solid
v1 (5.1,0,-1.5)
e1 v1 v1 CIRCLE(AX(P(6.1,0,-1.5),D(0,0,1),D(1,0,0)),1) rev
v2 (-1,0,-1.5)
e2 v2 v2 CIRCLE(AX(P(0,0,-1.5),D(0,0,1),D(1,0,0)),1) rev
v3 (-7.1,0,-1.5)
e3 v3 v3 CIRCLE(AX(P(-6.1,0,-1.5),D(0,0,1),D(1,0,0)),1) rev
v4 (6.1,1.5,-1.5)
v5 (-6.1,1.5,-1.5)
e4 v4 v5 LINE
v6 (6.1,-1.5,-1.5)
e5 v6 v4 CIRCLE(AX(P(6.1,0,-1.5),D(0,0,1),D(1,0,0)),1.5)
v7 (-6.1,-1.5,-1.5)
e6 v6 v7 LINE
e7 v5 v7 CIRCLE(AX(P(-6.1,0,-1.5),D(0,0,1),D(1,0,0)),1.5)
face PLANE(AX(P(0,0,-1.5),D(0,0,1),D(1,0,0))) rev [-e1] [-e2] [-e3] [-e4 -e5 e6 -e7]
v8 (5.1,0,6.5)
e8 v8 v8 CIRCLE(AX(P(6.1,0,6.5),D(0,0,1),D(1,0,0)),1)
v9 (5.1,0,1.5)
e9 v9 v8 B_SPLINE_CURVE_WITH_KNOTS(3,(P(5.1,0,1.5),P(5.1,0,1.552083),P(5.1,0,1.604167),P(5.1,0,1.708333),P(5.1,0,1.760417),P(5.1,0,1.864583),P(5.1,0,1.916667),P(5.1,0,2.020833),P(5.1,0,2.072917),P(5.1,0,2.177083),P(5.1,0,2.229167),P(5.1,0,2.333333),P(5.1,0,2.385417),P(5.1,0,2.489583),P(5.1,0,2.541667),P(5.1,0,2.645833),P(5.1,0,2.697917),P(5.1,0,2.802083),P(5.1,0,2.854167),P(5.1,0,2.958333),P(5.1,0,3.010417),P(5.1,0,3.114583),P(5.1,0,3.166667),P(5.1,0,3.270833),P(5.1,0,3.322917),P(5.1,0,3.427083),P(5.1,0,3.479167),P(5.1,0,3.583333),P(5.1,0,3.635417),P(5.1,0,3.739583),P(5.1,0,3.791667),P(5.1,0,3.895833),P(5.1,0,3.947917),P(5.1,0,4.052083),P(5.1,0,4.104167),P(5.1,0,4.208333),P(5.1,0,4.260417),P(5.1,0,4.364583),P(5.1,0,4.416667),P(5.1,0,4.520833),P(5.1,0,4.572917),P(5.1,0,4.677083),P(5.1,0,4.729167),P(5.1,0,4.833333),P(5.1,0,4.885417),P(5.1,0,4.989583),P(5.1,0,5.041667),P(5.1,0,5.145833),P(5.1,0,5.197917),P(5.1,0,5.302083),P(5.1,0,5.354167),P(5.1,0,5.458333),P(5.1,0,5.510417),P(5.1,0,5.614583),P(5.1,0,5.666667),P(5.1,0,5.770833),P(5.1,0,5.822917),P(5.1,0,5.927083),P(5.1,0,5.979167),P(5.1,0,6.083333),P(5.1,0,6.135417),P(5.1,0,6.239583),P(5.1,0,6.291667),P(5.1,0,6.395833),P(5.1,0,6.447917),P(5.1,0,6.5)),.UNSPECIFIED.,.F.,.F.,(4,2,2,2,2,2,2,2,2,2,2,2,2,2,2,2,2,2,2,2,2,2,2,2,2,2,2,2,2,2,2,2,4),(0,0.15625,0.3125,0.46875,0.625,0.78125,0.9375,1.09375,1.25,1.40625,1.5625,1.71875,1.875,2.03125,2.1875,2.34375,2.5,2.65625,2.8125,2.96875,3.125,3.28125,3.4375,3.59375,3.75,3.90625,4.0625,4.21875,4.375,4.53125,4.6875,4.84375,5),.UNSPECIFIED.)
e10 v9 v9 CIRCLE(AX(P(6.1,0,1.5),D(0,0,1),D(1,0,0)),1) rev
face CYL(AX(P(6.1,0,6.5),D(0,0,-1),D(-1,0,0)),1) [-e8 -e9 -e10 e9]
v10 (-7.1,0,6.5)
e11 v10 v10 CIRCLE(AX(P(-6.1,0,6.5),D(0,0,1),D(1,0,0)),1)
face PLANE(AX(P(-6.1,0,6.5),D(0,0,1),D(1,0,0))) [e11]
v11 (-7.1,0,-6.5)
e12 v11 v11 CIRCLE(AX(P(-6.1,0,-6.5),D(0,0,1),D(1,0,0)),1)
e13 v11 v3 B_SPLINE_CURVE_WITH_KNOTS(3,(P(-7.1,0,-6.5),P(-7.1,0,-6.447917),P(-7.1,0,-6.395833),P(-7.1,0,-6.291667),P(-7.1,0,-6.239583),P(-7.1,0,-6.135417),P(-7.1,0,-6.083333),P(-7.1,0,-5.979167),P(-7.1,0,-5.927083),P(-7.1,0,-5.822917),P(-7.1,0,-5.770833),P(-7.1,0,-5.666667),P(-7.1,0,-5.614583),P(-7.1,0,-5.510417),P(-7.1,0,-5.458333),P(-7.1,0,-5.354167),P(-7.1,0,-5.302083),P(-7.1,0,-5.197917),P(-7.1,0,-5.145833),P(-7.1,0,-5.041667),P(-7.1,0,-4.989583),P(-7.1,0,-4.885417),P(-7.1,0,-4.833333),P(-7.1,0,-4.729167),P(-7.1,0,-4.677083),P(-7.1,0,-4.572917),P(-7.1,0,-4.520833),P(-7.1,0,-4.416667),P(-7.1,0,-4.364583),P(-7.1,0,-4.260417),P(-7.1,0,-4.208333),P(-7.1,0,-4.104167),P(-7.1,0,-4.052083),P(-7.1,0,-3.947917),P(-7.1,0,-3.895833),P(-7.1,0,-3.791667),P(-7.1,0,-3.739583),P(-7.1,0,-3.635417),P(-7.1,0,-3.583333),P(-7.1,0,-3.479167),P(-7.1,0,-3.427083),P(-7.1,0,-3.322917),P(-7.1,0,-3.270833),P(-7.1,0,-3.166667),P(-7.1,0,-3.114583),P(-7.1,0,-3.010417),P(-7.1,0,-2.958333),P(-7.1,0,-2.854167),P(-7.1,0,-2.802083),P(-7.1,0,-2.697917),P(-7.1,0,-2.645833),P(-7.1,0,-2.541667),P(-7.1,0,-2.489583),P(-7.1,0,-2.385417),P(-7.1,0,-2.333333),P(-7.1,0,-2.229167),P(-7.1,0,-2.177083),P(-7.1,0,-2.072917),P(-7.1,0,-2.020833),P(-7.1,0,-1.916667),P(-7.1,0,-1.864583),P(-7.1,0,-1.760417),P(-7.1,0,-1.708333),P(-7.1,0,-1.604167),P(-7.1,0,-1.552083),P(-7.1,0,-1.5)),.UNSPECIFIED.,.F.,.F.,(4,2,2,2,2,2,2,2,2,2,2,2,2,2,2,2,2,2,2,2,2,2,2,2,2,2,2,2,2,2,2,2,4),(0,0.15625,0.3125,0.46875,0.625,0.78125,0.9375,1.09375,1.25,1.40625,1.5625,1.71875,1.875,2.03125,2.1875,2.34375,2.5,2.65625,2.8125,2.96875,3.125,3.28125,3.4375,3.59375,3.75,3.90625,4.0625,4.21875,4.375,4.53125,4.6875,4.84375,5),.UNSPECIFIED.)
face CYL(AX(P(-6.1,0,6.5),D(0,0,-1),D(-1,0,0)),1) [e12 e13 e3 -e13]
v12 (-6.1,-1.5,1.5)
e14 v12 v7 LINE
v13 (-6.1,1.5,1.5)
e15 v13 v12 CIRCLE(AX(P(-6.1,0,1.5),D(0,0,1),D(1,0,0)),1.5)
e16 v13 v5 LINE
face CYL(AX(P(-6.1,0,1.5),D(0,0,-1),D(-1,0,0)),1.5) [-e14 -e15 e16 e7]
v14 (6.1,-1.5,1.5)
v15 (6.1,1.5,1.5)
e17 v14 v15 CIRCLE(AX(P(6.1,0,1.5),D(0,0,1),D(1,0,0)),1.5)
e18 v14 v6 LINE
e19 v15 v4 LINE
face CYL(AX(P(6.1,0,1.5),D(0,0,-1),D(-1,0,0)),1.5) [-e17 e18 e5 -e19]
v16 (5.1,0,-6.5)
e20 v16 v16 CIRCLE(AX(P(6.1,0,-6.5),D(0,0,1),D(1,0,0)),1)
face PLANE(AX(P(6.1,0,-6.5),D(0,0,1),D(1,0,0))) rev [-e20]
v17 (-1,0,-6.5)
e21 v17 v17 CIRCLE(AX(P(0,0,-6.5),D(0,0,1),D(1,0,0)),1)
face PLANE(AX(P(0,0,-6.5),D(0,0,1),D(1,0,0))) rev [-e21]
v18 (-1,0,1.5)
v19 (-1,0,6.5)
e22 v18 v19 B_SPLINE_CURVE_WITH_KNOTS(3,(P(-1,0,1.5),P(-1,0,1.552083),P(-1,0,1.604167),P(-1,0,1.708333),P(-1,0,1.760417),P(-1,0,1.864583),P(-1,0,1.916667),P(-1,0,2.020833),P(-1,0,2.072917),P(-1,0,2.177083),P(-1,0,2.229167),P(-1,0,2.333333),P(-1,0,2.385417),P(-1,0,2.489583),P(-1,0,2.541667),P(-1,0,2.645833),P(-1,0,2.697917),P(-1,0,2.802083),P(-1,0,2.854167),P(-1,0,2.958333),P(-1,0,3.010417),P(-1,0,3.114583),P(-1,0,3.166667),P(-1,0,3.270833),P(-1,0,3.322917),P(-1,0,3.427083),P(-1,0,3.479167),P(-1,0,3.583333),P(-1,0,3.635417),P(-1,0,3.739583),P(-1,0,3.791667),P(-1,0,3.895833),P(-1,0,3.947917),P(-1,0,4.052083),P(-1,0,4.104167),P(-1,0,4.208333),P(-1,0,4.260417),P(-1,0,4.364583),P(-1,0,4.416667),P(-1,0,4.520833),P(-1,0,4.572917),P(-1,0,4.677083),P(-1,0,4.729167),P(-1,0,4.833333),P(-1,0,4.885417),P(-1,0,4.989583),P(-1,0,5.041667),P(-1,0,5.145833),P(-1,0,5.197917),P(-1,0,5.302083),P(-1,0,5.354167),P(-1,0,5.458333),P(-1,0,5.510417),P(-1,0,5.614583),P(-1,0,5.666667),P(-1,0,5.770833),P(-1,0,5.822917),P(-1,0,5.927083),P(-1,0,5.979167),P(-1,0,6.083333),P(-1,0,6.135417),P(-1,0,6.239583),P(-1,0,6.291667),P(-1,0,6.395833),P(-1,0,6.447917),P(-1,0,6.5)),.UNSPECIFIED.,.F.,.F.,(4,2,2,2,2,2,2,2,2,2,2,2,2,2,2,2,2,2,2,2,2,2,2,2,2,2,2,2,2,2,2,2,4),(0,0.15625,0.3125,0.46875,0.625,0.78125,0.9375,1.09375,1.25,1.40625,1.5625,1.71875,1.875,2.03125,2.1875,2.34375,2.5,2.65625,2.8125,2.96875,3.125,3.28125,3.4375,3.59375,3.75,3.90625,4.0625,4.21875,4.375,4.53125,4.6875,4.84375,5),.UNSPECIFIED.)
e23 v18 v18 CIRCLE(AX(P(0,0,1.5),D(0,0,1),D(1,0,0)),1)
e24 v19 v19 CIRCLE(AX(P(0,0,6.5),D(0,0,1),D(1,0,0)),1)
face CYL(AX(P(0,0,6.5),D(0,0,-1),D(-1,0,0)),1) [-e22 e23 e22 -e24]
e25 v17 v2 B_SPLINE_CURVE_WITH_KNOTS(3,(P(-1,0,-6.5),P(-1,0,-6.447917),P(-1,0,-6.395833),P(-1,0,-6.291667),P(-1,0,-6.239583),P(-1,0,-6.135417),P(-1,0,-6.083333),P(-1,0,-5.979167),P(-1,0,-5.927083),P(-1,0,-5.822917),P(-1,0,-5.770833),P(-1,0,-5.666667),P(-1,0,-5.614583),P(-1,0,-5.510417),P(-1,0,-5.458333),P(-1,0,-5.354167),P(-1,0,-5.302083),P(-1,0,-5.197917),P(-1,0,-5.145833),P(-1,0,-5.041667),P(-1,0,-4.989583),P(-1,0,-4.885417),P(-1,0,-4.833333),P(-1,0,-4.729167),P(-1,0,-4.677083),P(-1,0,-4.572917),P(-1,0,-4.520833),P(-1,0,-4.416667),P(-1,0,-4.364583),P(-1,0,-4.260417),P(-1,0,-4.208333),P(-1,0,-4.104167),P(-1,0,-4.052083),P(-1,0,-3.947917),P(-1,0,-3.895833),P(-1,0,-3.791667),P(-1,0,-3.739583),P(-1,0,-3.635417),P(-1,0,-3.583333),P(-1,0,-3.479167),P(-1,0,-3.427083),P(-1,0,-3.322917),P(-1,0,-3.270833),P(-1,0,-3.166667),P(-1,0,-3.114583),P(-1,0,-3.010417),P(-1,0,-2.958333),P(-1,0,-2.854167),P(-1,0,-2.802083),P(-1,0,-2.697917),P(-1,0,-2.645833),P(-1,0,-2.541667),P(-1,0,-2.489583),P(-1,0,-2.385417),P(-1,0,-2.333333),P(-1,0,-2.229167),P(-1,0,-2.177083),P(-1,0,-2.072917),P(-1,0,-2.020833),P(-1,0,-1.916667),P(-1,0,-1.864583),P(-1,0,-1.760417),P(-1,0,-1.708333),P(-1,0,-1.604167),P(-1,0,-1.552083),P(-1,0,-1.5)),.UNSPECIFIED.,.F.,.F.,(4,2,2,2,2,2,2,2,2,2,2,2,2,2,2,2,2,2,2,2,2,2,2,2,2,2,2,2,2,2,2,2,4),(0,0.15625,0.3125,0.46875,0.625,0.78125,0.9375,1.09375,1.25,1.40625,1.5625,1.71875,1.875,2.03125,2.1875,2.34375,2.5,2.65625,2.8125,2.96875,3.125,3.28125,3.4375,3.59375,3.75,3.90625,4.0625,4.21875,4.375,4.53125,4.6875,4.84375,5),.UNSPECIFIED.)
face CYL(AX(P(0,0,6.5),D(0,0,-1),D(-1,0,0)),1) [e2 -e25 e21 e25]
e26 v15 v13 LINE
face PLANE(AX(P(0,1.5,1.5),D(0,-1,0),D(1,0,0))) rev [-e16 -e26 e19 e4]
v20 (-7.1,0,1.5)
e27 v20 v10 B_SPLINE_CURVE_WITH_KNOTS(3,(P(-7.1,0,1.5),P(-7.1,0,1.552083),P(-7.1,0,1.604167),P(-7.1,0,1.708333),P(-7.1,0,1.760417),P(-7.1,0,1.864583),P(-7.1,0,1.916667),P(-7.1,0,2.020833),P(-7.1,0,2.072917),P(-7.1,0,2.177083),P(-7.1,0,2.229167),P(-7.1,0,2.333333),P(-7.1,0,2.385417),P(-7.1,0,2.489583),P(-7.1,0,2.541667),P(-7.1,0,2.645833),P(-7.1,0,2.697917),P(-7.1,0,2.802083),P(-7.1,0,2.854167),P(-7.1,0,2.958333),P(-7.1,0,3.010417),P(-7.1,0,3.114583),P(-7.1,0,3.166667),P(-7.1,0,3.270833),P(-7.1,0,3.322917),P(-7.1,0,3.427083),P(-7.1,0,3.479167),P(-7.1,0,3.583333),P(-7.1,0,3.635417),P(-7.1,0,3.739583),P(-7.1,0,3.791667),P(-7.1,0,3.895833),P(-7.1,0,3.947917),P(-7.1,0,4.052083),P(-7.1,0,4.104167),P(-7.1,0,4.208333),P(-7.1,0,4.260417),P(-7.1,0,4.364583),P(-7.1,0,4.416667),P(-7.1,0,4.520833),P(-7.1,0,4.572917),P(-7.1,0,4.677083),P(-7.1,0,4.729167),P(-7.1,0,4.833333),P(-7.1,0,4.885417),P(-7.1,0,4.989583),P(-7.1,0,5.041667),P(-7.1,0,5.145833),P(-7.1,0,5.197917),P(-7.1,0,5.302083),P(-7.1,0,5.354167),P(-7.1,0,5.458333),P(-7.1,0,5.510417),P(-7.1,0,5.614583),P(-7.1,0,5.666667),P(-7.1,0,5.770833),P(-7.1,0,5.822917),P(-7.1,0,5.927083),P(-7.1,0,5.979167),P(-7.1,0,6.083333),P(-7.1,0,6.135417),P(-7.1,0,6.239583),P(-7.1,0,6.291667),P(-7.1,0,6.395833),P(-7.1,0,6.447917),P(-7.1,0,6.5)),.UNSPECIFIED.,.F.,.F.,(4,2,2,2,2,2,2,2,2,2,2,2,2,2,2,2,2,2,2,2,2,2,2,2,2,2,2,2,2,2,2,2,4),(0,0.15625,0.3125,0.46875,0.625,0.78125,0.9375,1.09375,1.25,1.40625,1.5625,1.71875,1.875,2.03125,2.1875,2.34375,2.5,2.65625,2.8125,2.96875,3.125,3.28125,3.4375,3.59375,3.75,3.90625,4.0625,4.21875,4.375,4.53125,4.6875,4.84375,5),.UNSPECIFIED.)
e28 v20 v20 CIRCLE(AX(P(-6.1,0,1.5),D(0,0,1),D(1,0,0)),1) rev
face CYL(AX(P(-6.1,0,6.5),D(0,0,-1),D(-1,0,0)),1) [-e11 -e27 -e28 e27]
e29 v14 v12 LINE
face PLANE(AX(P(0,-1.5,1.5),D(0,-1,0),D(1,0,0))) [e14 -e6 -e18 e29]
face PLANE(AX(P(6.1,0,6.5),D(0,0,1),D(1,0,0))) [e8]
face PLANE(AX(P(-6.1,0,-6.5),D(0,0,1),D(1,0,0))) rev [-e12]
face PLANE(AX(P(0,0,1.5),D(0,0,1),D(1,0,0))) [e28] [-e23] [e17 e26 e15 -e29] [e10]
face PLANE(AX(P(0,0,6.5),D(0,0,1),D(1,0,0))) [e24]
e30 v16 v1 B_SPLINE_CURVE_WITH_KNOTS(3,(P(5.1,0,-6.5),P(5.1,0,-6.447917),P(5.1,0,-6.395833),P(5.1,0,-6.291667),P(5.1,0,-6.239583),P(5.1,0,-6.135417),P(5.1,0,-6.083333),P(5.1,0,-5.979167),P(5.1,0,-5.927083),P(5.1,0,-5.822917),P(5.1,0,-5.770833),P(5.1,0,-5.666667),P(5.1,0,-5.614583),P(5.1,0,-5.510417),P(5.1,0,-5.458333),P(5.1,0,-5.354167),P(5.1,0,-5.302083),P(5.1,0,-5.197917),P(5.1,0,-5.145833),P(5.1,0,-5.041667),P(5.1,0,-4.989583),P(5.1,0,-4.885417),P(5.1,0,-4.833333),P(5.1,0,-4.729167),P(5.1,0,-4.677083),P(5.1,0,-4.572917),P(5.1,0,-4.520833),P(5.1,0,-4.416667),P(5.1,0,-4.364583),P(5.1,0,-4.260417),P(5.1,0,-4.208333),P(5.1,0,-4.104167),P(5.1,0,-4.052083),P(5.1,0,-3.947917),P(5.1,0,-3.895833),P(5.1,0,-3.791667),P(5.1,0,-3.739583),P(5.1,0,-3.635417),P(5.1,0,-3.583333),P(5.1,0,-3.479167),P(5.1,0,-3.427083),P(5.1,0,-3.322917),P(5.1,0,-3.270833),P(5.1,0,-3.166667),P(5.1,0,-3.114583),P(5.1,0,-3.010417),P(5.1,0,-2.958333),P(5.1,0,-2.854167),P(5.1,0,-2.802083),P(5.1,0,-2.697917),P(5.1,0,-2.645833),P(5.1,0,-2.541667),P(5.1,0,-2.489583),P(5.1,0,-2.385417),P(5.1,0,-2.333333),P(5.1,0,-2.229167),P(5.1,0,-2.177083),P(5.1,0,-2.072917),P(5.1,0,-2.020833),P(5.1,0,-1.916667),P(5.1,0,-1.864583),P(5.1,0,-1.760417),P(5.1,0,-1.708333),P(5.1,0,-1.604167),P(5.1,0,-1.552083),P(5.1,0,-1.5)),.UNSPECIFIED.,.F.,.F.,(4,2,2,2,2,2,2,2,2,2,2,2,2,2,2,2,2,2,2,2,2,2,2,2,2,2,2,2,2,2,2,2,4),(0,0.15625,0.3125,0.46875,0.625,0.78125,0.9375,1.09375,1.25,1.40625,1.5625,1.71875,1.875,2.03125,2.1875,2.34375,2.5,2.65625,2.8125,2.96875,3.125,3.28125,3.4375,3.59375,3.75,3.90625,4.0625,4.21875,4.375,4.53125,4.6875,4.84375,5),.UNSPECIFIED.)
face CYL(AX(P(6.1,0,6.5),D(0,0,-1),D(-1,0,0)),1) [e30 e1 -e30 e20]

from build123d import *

# Parameters (mm, degrees)
SKETCH1_R           = 1
BOSS_EXTRUDE1_DEPTH = 1.5
SKETCH1_3_R         = 1
BOSS_EXTRUDE2_DEPTH = 6.5


with BuildPart() as part:
    # Sketch1 → Boss-Extrude1 (new, symmetric)
    with BuildSketch(Plane.XY):
        with BuildLine():
            Line((-6.1, -1.5), (6.1, -1.5))
            ThreePointArc((6.1, -1.5), (7.6, 0), (6.1, 1.5))
            Line((6.1, 1.5), (-6.1, 1.5))
            ThreePointArc((-6.1, 1.5), (-7.6, 0), (-6.1, -1.5))
        make_face()
        Circle(SKETCH1_R, mode=Mode.SUBTRACT)
    extrude(amount=BOSS_EXTRUDE1_DEPTH, both=True)

    # Sketch1<3> → Boss-Extrude2 (add, symmetric)
    with BuildSketch(Plane.XY):
        with Locations((-6.1, 0)):
            Circle(SKETCH1_3_R)
        with Locations((6.1, 0)):
            Circle(SKETCH1_3_R)
        Circle(SKETCH1_3_R)
    extrude(amount=BOSS_EXTRUDE2_DEPTH, both=True)


solid = part.part
